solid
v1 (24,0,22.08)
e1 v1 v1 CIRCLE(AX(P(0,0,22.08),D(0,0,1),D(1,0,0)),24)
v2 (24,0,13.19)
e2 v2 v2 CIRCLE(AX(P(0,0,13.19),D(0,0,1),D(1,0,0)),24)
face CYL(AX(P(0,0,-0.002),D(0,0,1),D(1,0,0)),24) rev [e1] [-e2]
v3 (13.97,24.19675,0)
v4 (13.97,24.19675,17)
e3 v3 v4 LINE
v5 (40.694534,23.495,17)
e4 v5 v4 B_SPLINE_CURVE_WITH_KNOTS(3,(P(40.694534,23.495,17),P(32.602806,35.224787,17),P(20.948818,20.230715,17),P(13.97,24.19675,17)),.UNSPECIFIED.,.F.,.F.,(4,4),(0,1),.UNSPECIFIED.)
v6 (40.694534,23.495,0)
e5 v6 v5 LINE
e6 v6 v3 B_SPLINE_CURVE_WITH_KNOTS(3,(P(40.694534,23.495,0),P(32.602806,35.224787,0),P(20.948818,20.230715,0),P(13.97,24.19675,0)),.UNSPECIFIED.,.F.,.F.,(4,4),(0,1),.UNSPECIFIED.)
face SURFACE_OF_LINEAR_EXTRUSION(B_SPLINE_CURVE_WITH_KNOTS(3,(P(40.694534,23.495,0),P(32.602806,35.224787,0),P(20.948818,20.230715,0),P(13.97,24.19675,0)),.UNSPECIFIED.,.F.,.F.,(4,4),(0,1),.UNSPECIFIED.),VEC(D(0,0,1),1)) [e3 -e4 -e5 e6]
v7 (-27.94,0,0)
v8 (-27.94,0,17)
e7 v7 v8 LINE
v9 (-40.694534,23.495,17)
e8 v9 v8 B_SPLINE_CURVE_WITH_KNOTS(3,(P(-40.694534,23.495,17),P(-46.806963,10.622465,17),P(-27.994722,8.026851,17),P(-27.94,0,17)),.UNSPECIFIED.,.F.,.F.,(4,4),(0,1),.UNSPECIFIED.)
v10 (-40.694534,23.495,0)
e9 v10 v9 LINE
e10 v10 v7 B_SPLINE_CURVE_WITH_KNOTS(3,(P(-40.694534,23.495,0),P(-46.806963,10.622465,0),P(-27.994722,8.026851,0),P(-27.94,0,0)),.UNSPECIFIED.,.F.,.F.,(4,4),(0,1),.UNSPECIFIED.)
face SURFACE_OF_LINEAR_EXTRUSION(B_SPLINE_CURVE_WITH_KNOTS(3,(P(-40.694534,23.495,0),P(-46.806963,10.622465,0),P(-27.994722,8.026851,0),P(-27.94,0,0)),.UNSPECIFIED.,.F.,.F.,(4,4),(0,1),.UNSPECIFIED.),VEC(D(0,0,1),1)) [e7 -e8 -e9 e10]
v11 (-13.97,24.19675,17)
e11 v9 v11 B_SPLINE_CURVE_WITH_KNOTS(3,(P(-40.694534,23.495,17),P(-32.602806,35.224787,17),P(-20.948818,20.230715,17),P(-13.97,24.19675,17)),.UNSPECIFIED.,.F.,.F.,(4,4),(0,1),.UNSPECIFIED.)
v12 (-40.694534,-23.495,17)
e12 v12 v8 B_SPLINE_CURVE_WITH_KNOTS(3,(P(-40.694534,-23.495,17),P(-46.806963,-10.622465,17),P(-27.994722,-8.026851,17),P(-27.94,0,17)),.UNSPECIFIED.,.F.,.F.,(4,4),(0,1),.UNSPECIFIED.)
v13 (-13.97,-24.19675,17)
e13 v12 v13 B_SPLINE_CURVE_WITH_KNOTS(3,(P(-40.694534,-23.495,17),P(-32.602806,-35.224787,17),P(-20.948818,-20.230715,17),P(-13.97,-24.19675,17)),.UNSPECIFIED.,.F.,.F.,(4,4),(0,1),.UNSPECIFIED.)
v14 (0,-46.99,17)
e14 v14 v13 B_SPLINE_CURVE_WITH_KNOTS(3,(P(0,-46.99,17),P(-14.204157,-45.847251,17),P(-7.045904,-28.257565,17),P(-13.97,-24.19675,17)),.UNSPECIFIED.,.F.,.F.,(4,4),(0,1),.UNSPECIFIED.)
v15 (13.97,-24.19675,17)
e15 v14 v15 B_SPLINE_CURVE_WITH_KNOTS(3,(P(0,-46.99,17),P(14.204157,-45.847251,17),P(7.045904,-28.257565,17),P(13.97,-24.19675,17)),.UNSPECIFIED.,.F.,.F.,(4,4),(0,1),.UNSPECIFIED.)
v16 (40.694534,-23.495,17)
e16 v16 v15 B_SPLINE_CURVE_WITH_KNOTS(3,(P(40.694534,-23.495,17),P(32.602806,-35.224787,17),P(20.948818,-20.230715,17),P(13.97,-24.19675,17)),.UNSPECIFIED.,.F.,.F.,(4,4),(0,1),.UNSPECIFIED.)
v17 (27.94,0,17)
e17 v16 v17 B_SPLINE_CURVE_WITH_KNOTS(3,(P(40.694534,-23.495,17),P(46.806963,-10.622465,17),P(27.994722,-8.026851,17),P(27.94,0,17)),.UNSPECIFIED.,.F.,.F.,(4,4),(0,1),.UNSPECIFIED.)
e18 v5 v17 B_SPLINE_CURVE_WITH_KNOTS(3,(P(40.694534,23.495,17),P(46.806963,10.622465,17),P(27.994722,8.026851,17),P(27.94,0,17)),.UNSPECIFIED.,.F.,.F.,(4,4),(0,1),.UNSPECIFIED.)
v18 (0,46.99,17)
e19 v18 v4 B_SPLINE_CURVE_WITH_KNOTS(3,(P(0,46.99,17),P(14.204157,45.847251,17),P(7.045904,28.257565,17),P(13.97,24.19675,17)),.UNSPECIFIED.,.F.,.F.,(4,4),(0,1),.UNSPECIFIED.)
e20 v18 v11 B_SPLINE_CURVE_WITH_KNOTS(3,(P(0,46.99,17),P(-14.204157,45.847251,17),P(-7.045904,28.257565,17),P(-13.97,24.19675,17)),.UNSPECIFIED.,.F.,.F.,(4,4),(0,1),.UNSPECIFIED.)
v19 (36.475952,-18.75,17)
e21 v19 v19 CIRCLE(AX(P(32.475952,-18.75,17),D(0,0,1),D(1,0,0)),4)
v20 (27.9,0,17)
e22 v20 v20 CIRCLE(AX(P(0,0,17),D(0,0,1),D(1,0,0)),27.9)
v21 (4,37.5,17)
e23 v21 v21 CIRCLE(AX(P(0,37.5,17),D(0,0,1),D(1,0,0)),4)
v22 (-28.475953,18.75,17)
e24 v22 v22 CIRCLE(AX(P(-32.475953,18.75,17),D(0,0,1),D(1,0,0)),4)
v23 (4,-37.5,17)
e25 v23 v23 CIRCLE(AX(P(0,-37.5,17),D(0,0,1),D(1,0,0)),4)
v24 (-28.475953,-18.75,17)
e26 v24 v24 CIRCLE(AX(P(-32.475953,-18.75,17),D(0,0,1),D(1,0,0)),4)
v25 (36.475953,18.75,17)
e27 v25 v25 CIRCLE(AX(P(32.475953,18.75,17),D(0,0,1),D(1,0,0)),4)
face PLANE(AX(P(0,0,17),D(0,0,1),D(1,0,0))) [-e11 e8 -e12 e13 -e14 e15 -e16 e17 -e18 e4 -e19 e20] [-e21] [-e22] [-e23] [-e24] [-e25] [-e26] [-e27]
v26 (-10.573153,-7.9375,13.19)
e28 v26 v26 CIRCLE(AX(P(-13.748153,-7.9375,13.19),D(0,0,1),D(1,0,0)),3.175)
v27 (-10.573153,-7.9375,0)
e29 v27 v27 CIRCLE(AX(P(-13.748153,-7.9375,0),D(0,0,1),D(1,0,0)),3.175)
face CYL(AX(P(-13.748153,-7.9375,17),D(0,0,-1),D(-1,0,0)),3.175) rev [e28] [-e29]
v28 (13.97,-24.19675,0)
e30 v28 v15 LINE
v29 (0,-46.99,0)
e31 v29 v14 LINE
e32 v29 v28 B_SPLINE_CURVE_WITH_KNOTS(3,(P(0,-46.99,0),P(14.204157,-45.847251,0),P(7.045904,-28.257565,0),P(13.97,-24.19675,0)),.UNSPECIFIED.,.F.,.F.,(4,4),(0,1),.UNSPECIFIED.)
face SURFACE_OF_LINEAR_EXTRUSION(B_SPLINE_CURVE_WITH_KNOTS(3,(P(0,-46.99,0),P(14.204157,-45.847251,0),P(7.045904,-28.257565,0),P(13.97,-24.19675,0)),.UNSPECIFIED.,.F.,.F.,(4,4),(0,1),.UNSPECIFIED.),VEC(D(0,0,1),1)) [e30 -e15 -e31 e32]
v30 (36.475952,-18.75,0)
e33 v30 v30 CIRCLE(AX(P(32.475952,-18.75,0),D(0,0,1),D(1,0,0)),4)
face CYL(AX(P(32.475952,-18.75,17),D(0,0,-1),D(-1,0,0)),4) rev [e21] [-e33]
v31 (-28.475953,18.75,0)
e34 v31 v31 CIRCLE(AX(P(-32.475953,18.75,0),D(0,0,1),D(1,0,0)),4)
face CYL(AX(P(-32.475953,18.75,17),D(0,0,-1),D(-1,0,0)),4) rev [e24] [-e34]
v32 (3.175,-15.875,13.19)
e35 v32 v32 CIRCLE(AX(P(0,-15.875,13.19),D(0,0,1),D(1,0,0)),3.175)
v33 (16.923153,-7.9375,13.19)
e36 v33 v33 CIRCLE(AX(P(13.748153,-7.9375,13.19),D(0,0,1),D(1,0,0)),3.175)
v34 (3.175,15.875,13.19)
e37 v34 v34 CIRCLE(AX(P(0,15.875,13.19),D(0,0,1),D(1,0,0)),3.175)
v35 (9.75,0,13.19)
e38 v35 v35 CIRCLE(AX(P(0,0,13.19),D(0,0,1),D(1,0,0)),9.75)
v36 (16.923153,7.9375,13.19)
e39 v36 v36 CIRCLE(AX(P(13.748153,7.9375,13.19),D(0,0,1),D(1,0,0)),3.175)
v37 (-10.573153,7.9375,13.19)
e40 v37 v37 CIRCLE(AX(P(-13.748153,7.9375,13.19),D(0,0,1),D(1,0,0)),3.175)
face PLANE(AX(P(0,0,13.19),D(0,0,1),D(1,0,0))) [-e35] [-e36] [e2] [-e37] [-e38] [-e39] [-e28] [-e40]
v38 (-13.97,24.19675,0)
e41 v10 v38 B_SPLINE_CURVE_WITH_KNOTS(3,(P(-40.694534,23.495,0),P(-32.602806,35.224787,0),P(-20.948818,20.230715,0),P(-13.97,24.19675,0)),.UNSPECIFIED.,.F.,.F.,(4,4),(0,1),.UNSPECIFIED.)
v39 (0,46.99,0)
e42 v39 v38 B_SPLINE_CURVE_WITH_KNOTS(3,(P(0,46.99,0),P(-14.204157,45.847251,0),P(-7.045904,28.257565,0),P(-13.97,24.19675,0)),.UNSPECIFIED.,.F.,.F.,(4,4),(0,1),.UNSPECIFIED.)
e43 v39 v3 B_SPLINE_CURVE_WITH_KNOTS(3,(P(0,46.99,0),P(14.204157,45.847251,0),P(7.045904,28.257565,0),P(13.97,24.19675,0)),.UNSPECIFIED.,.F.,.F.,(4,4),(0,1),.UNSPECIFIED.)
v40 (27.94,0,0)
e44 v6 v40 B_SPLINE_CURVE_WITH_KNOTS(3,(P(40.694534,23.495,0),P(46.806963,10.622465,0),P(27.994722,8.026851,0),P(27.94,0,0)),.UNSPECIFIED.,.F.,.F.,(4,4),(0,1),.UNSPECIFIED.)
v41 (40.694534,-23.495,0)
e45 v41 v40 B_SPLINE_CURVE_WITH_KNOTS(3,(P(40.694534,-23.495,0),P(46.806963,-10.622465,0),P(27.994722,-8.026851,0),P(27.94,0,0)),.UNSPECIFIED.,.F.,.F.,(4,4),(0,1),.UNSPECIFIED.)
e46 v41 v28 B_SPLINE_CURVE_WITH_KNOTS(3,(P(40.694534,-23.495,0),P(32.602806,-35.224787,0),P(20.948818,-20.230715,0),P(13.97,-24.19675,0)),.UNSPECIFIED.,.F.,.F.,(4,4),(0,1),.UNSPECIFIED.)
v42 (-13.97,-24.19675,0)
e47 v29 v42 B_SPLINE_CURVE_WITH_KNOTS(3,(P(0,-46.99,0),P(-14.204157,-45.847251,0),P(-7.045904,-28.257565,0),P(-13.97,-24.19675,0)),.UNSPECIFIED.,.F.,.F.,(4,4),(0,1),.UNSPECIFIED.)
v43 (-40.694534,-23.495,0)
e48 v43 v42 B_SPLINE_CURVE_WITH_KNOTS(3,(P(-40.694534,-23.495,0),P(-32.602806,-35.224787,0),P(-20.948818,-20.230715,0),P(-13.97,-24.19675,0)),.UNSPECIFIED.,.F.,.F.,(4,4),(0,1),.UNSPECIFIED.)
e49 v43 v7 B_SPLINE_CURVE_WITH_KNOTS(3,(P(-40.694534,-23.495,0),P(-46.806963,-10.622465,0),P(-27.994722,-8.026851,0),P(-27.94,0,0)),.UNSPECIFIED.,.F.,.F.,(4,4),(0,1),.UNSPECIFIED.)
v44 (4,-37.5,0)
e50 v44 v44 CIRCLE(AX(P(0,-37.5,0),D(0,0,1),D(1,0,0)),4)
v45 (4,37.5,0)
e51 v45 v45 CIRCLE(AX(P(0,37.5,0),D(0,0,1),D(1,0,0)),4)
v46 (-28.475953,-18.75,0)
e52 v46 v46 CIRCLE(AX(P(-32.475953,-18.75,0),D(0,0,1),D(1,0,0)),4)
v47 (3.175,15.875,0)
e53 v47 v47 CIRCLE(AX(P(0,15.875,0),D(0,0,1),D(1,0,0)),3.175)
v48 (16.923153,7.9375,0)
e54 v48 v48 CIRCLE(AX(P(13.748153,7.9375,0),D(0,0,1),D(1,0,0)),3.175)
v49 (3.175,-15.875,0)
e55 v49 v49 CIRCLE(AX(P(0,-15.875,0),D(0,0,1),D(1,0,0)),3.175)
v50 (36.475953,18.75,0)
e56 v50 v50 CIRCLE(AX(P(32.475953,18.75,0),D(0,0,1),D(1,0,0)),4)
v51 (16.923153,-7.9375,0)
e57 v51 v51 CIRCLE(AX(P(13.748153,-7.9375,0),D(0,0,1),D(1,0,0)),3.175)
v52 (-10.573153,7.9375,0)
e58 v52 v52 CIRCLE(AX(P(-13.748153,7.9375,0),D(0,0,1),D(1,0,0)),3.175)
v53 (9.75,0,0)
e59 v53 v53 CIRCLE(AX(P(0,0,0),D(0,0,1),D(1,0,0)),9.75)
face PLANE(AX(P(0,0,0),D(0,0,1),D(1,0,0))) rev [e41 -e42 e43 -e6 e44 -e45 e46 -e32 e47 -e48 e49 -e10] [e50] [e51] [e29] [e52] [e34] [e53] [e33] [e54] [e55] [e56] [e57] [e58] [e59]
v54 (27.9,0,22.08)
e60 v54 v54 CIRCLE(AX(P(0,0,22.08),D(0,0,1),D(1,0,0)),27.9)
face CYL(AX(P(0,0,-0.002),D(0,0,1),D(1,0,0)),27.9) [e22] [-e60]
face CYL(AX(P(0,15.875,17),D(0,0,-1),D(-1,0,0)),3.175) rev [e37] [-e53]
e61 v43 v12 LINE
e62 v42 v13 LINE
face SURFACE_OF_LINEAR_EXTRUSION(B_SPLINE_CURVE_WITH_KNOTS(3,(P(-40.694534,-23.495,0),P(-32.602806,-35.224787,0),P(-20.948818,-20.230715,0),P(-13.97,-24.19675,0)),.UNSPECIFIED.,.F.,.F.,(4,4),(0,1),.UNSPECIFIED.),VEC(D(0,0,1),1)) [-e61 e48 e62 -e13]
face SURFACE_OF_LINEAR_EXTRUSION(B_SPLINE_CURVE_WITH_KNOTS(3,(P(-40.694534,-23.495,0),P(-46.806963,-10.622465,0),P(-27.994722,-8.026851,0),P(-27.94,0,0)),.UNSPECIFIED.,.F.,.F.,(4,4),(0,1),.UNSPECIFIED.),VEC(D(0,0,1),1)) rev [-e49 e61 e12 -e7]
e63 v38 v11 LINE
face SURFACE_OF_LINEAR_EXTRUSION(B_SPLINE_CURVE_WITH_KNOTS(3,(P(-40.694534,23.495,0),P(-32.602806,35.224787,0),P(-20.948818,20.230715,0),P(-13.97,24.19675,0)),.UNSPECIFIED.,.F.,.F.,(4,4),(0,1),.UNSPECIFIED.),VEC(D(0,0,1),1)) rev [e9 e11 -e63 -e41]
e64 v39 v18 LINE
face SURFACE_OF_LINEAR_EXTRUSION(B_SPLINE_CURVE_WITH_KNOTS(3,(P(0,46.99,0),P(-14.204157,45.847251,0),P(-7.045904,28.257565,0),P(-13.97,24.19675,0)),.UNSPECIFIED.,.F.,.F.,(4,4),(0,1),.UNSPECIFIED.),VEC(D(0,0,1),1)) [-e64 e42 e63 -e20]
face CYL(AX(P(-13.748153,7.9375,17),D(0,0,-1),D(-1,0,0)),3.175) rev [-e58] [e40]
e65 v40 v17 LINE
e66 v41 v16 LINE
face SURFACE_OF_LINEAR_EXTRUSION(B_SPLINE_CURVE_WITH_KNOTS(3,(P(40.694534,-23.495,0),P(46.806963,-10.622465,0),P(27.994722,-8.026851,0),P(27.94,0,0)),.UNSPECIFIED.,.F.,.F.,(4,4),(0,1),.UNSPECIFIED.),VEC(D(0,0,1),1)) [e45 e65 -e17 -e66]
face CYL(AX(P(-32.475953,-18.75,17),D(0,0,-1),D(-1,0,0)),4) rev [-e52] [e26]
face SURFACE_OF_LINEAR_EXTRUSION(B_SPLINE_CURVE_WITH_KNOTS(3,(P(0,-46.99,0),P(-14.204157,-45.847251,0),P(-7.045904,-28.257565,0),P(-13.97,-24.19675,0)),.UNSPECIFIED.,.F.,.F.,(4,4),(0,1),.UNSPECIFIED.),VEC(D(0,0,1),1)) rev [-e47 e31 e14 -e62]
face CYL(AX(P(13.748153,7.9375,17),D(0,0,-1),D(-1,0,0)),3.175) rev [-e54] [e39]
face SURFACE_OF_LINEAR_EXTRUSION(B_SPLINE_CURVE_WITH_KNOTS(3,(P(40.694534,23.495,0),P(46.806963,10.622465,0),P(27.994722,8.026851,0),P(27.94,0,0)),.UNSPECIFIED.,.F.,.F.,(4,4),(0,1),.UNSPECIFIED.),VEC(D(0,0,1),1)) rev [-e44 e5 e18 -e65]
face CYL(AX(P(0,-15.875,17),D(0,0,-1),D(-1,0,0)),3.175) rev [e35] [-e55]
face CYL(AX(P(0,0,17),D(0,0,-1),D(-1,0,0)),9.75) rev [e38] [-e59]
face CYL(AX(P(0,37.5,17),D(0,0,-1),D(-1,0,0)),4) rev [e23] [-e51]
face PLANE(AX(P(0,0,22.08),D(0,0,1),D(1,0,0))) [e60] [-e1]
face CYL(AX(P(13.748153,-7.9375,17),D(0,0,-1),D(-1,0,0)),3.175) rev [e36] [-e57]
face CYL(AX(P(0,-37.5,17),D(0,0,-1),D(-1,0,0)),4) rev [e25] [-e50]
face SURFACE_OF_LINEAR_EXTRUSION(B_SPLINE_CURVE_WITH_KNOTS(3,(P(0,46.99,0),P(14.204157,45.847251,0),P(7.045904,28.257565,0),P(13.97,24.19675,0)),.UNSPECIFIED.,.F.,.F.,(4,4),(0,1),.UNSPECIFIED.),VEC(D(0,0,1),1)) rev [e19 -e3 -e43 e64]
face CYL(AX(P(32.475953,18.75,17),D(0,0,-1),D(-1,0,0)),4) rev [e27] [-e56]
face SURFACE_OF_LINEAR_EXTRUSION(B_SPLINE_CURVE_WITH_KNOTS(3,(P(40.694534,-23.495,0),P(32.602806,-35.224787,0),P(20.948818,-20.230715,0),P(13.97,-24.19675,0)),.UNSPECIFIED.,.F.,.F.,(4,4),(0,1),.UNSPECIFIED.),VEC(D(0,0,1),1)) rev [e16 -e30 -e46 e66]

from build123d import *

# Parameters (mm, degrees)
SKETCH1_R                = 46.99
SKETCH1_R_2              = 3.175
SKETCH1_R_3              = 9.75
SKETCH1_R_4              = 4
BOSS_EXTRUDE1_DEPTH      = 17
CUT_EXTRUDE2_DEPTH       = 69.593878736
BOSS_EXTRUDE2_DEPTH      = 5.08
BOSS_EXTRUDE2_DEPTH_BACK = 17
SKETCH7_R                = 27.9
SKETCH7_R_2              = 24
CUT_EXTRUDE3_START       = -3.81
SKETCH8_R                = 24
CUT_EXTRUDE3_DEPTH       = 3.81


with BuildPart() as part:
    # Sketch1 → Boss-Extrude1 (new body)
    with BuildSketch(Plane.XY):
        Circle(SKETCH1_R)
        with Locations((0, 15.875)):
            Circle(SKETCH1_R_2, mode=Mode.SUBTRACT)
        Circle(SKETCH1_R_3, mode=Mode.SUBTRACT)
        with Locations((0, 37.500000057)):
            Circle(SKETCH1_R_4, mode=Mode.SUBTRACT)
        with Locations((-32.475952658, 18.750000086)):
            Circle(SKETCH1_R_4, mode=Mode.SUBTRACT)
        with Locations((-32.475952757, -18.749999915)):
            Circle(SKETCH1_R_4, mode=Mode.SUBTRACT)
        with Locations((32.475952658, 18.750000086)):
            Circle(SKETCH1_R_4, mode=Mode.SUBTRACT)
        with Locations((32.475952362, -18.749999914)):
            Circle(SKETCH1_R_4, mode=Mode.SUBTRACT)
        with Locations((-1.97e-07, -37.500000057)):
            Circle(SKETCH1_R_4, mode=Mode.SUBTRACT)
        with Locations((13.748153285, 7.9375)):
            Circle(SKETCH1_R_2, mode=Mode.SUBTRACT)
        with Locations((13.748153285, -7.9375)):
            Circle(SKETCH1_R_2, mode=Mode.SUBTRACT)
        with Locations((0, -15.875)):
            Circle(SKETCH1_R_2, mode=Mode.SUBTRACT)
        with Locations((-13.748153285, -7.9375)):
            Circle(SKETCH1_R_2, mode=Mode.SUBTRACT)
        with Locations((-13.748153285, 7.9375)):
            Circle(SKETCH1_R_2, mode=Mode.SUBTRACT)
    extrude(amount=BOSS_EXTRUDE1_DEPTH)

    # Sketch3 → Cut-Extrude2 (cut, through all)
    with BuildSketch(Plane.XY.offset(17)):
        with BuildLine():
            add(Edge.make_bspline(
                [(0, 46.99), (-14.204157194, 45.847251077), (-7.045904013, 28.257565433), (-13.97, 24.196749782)],
                knots=[0, 0, 0, 0, 1, 1, 1, 1], degree=3))
            ThreePointArc((0, 46.99), (-23.495, 40.694533724), (-40.694533724, 23.495))
            add(Edge.make_bspline(
                [(-40.694533724, 23.495), (-32.602805529, 35.224786508), (-20.948817508, 20.230714585), (-13.97, 24.196749782)],
                knots=[0, 0, 0, 0, 1, 1, 1, 1], degree=3))
        make_face()
        with BuildLine():
            ThreePointArc((40.694533724, 23.495), (23.495, 40.694533724), (0, 46.99))
            add(Edge.make_bspline(
                [(0, 46.99), (14.204157194, 45.847251077), (7.045904013, 28.257565433), (13.97, 24.196749782)],
                knots=[0, 0, 0, 0, 1, 1, 1, 1], degree=3))
            add(Edge.make_bspline(
                [(40.694533724, 23.495), (32.602805529, 35.224786508), (20.948817508, 20.230714585), (13.97, 24.196749782)],
                knots=[0, 0, 0, 0, 1, 1, 1, 1], degree=3))
        make_face()
        with BuildLine():
            ThreePointArc((46.99, 0), (45.388854577, 12.161906929), (40.694533724, 23.495))
            add(Edge.make_bspline(
                [(40.694533724, 23.495), (46.806962724, 10.622464569), (27.994721521, 8.026850849), (27.94, 0)],
                knots=[0, 0, 0, 0, 1, 1, 1, 1], degree=3))
            add(Edge.make_bspline(
                [(40.694533724, -23.495), (46.806962724, -10.622464569), (27.994721521, -8.026850849), (27.94, 0)],
                knots=[0, 0, 0, 0, 1, 1, 1, 1], degree=3))
            ThreePointArc((40.694533724, -23.495), (45.388854577, -12.161906929), (46.99, 0))
        make_face()
        with BuildLine():
            ThreePointArc((0, -46.99), (23.495, -40.694533724), (40.694533724, -23.495))
            add(Edge.make_bspline(
                [(40.694533724, -23.495), (32.602805529, -35.224786508), (20.948817508, -20.230714585), (13.97, -24.196749782)],
                knots=[0, 0, 0, 0, 1, 1, 1, 1], degree=3))
            add(Edge.make_bspline(
                [(0, -46.99), (14.204157194, -45.847251077), (7.045904013, -28.257565433), (13.97, -24.196749782)],
                knots=[0, 0, 0, 0, 1, 1, 1, 1], degree=3))
        make_face()
        with BuildLine():
            add(Edge.make_bspline(
                [(-40.694533724, -23.495), (-32.602805529, -35.224786508), (-20.948817508, -20.230714585), (-13.97, -24.196749782)],
                knots=[0, 0, 0, 0, 1, 1, 1, 1], degree=3))
            ThreePointArc((-40.694533724, -23.495), (-23.495, -40.694533724), (0, -46.99))
            add(Edge.make_bspline(
                [(0, -46.99), (-14.204157194, -45.847251077), (-7.045904013, -28.257565433), (-13.97, -24.196749782)],
                knots=[0, 0, 0, 0, 1, 1, 1, 1], degree=3))
        make_face()
        with BuildLine():
            add(Edge.make_bspline(
                [(-40.694533724, 23.495), (-46.806962724, 10.622464569), (-27.994721521, 8.026850849), (-27.94, 0)],
                knots=[0, 0, 0, 0, 1, 1, 1, 1], degree=3))
            ThreePointArc((-40.694533724, 23.495), (-46.99, 0), (-40.694533724, -23.495))
            add(Edge.make_bspline(
                [(-40.694533724, -23.495), (-46.806962724, -10.622464569), (-27.994721521, -8.026850849), (-27.94, 0)],
                knots=[0, 0, 0, 0, 1, 1, 1, 1], degree=3))
        make_face()
    extrude(amount=-CUT_EXTRUDE2_DEPTH, mode=Mode.SUBTRACT)

    # Sketch7 → Boss-Extrude2 (add, two sides: drawn at the far end of the back side and taken through both)
    with BuildSketch(Plane.XY.offset(17).offset(-BOSS_EXTRUDE2_DEPTH_BACK)):
        Circle(SKETCH7_R)
        Circle(SKETCH7_R_2, mode=Mode.SUBTRACT)
    extrude(amount=BOSS_EXTRUDE2_DEPTH + BOSS_EXTRUDE2_DEPTH_BACK)

    # Sketch8 → Cut-Extrude3 (cut)
    with BuildSketch(Plane.XY.offset(17).offset(CUT_EXTRUDE3_START)):
        Circle(SKETCH8_R)
    extrude(amount=CUT_EXTRUDE3_DEPTH, mode=Mode.SUBTRACT)


solid = part.part
